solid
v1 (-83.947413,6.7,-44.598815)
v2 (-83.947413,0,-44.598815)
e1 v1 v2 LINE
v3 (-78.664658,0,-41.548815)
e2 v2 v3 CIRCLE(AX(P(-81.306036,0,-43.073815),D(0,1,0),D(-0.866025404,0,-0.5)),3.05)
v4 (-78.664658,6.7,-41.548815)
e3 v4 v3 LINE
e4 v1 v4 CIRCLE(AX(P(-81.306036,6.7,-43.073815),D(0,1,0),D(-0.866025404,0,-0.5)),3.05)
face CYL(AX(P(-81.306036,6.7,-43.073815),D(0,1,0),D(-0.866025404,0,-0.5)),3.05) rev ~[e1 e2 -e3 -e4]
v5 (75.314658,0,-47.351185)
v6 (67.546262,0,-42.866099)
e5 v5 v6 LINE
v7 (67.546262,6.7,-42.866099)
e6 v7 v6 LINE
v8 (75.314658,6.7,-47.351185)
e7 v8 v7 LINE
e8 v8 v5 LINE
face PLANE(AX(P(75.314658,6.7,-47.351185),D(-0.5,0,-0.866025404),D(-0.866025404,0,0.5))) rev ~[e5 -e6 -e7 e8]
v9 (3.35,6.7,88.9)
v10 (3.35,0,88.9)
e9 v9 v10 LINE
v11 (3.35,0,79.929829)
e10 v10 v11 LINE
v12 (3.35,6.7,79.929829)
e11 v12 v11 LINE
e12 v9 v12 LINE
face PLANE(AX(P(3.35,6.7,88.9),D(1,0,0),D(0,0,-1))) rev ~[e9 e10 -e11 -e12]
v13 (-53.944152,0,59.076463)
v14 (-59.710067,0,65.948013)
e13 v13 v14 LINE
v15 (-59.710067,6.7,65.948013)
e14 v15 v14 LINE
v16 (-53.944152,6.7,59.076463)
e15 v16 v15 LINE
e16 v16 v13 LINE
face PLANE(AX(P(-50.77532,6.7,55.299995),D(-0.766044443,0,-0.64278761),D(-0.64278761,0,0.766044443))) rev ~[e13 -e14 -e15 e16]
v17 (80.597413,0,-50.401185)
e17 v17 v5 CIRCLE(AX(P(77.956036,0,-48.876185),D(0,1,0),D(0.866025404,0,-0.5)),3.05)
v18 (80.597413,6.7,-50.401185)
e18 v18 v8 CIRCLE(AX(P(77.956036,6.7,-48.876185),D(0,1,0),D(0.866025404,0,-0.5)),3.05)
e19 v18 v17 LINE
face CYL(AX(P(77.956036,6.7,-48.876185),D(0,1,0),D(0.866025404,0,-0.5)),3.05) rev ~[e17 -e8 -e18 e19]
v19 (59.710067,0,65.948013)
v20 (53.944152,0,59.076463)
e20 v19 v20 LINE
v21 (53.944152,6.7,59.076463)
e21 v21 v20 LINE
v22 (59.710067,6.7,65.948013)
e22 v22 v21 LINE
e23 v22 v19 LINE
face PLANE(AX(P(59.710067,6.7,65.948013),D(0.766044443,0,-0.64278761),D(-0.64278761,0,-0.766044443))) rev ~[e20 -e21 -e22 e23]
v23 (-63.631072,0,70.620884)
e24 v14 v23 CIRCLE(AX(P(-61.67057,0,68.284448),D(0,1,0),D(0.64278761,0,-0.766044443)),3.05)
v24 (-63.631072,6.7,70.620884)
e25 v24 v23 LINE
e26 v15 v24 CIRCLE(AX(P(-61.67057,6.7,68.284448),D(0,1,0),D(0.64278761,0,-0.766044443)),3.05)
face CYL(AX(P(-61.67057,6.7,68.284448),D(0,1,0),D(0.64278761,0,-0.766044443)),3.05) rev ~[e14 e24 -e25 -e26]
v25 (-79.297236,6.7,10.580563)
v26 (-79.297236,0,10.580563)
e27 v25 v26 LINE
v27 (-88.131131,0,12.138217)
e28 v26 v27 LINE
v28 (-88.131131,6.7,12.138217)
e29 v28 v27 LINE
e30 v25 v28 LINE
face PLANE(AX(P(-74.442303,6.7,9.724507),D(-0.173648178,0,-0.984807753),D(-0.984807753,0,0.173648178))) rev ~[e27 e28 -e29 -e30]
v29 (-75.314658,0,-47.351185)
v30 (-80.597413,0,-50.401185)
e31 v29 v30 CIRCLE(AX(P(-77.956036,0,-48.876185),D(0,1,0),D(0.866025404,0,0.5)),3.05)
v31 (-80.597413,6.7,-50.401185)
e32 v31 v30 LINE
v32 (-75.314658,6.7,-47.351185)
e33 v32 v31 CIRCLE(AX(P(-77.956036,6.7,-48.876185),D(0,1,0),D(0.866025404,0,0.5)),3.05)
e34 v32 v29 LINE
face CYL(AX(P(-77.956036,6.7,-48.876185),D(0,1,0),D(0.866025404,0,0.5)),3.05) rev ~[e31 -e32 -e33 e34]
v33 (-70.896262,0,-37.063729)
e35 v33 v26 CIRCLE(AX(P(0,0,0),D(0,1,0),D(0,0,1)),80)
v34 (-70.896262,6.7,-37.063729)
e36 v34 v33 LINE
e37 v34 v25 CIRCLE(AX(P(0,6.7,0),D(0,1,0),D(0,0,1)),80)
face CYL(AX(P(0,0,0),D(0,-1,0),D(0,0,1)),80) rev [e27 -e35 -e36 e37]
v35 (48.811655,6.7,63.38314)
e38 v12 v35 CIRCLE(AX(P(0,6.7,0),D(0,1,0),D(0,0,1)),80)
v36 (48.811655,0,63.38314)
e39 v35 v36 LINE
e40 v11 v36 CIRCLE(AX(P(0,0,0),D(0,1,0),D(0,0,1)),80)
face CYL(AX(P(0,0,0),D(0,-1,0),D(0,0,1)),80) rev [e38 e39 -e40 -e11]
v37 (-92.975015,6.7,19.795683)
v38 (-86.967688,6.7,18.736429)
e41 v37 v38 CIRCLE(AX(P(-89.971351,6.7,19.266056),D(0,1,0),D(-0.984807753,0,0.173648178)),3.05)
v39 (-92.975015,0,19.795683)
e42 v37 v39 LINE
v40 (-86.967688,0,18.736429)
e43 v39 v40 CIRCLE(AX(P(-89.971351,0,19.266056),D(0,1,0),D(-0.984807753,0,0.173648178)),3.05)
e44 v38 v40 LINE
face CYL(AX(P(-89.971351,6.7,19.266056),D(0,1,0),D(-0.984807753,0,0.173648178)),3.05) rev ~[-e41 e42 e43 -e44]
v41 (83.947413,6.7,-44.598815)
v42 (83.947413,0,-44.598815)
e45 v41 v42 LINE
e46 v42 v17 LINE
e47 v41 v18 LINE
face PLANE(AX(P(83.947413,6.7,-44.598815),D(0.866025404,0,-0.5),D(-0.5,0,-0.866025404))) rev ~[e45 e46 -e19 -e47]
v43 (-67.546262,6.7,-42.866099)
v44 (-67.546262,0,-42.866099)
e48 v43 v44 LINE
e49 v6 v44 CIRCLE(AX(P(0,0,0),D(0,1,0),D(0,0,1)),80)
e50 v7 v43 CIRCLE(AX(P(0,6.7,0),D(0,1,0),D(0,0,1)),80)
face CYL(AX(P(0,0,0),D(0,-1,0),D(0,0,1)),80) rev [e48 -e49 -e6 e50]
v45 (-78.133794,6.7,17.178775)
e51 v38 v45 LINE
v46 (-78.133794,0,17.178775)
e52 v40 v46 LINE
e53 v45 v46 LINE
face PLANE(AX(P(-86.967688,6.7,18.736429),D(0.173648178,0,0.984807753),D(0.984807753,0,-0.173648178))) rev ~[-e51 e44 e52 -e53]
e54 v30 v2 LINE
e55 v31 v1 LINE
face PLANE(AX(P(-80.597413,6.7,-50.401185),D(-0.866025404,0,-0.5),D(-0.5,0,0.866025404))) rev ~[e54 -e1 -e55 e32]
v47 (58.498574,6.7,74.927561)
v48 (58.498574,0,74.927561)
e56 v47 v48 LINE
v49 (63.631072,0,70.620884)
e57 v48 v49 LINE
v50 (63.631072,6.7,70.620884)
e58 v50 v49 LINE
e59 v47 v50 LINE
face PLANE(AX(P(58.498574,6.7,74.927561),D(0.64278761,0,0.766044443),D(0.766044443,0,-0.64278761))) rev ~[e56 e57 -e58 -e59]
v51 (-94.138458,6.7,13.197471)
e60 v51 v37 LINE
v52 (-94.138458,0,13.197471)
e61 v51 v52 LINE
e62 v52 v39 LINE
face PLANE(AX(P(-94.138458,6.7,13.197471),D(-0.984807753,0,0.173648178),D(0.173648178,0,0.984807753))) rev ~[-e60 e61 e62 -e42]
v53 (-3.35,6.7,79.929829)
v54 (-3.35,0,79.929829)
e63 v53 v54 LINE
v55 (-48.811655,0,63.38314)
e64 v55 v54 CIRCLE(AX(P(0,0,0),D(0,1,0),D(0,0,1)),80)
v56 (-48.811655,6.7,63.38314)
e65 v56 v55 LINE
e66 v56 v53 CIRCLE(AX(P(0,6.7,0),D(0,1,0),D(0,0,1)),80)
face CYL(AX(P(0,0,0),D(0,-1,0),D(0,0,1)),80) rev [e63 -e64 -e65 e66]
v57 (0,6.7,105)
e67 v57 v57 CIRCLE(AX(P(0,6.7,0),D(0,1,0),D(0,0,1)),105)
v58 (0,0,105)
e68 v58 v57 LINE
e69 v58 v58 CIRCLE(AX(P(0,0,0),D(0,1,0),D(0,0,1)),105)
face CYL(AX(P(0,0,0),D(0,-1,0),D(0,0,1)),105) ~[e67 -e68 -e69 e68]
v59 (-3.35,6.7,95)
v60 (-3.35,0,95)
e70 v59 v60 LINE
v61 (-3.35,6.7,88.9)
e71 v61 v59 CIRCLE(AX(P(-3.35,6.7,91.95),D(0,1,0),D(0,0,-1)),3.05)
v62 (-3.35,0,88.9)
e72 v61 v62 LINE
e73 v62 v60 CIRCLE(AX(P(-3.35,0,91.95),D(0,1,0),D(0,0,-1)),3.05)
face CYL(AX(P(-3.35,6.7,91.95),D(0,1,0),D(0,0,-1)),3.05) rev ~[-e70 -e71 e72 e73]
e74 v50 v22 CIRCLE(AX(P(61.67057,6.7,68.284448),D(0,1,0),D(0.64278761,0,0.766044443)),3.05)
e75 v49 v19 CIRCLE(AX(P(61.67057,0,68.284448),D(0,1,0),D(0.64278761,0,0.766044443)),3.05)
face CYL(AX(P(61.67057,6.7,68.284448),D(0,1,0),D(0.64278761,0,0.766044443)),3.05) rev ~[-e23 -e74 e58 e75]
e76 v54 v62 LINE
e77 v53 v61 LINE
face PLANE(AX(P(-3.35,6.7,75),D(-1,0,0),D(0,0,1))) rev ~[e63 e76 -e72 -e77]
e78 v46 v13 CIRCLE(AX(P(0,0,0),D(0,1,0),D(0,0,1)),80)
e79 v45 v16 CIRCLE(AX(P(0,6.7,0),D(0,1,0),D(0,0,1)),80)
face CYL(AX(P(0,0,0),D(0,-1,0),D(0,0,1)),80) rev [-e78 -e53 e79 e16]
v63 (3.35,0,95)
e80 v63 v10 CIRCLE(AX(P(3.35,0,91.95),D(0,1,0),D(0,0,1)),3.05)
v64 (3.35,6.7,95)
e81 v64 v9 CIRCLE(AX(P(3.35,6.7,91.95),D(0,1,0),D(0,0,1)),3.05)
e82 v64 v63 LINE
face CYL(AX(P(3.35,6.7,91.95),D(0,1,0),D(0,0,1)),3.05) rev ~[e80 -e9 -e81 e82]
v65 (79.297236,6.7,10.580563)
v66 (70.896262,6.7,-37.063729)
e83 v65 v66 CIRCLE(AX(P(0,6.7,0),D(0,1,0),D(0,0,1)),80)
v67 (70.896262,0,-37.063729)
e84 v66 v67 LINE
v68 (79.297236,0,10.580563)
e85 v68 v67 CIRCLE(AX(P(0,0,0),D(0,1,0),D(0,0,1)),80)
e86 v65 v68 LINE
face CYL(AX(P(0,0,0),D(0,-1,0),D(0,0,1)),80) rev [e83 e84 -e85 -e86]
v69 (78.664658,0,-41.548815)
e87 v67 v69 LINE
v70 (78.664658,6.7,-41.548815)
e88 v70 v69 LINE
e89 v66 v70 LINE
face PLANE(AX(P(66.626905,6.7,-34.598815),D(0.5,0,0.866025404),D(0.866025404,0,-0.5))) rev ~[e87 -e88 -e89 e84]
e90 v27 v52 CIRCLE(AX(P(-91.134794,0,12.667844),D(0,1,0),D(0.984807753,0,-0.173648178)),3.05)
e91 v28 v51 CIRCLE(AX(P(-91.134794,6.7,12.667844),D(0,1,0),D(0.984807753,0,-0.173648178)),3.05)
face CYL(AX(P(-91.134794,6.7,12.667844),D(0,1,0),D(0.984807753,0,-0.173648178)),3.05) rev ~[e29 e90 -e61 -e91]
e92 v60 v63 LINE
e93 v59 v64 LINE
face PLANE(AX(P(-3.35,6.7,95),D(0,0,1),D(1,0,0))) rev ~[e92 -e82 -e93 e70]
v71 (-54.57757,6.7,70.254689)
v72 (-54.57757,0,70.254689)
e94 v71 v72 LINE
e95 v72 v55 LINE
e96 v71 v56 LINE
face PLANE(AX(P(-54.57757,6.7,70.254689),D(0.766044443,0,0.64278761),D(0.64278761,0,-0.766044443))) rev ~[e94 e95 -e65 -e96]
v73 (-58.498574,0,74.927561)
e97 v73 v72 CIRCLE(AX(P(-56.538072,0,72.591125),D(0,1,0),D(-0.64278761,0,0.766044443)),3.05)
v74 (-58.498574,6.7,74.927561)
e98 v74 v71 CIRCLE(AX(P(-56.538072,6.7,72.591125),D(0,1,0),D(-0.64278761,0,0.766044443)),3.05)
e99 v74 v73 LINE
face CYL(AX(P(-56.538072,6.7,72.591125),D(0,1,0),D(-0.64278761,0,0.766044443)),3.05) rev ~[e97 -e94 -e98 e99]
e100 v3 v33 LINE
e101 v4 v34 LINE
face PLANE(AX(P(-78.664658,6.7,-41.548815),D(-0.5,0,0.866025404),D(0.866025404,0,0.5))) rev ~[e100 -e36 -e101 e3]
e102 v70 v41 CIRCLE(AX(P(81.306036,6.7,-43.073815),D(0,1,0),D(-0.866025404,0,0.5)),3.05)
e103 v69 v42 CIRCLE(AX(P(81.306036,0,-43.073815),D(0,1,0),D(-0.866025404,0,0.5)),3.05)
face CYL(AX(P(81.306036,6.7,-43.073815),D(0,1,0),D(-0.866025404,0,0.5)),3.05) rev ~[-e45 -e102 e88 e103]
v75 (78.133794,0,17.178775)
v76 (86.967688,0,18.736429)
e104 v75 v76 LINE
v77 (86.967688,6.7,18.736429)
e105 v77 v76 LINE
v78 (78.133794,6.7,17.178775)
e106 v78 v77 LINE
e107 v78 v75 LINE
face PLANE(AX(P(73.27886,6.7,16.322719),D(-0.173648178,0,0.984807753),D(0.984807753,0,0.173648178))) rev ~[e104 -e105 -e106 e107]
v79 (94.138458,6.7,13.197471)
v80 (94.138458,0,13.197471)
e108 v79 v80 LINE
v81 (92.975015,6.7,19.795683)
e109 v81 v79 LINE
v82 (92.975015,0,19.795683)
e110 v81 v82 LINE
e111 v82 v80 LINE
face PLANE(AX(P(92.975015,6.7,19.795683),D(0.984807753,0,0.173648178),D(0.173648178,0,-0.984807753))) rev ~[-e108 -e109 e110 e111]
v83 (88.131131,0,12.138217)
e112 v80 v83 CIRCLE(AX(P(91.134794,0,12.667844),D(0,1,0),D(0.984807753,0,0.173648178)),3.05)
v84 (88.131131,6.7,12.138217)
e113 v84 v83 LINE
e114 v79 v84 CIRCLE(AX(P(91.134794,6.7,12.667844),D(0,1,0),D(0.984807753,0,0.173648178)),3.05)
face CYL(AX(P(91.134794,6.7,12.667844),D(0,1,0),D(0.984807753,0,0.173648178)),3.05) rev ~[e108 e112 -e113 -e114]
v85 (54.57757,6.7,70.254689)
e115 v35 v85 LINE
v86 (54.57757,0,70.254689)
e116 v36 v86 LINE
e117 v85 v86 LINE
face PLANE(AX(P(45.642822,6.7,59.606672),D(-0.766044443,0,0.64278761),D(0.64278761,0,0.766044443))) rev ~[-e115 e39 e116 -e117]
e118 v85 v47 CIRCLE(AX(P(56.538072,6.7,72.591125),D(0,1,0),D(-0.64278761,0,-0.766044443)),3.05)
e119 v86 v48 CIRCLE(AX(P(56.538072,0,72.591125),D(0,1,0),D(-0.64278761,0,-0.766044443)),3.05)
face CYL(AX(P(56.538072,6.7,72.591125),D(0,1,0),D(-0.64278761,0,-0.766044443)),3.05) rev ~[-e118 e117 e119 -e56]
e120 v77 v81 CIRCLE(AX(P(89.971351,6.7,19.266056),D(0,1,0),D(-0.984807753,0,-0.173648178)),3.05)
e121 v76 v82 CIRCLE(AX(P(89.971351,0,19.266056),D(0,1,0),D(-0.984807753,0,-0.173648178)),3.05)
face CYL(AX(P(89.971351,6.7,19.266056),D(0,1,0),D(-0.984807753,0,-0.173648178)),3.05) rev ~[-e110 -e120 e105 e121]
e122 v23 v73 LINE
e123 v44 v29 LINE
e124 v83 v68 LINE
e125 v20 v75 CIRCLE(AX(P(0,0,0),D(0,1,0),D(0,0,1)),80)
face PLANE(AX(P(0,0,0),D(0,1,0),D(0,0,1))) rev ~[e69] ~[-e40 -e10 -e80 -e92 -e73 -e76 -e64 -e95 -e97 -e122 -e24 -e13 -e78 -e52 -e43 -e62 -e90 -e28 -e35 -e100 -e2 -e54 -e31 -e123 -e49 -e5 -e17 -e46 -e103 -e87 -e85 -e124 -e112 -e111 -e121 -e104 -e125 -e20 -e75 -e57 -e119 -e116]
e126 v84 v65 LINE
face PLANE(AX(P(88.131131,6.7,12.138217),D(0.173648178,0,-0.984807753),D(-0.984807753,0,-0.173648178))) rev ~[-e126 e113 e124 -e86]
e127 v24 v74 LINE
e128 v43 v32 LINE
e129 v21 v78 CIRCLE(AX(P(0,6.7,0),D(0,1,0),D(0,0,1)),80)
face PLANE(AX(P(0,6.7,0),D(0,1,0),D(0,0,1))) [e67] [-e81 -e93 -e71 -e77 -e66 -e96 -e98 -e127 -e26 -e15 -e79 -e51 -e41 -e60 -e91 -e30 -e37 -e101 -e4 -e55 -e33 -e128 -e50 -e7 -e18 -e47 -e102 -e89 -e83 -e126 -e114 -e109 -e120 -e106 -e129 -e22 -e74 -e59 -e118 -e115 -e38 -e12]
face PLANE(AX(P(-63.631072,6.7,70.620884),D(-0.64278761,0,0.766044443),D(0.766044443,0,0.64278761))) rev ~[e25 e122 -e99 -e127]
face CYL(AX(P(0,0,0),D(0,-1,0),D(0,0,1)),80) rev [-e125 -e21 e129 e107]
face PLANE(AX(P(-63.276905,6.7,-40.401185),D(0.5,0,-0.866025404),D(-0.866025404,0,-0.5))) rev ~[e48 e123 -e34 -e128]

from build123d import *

# Parameters (mm, degrees)
SKETCH1_R           = 105
SKETCH1_R_2         = 80
BOSS_EXTRUDE1_DEPTH = 6.7
CUT_EXTRUDE3_DEPTH  = 6.7


with BuildPart() as part:
    # Sketch1 → Boss-Extrude1 (new body)
    with BuildSketch(Plane(origin=(0, 0, 0), x_dir=(1, 0, 0), z_dir=(0, 1, 0))):
        with Locations(Location((0, 0, 0), (0, 0, 270))):
            Circle(SKETCH1_R)
        with Locations(Location((0, 0, 0), (0, 0, 270))):
            Circle(SKETCH1_R_2, mode=Mode.SUBTRACT)
    extrude(amount=BOSS_EXTRUDE1_DEPTH)

    # Sketch2 → Cut-Extrude3 (cut)
    with BuildSketch(Plane(origin=(0, 6.7, 0), x_dir=(1, 0, 0), z_dir=(0, 1, 0))):
        with BuildLine():
            Line((88.131130638, -12.138217022), (74.442302871, -9.724507352))
            Line((74.442302871, -9.724507352), (73.278860081, -16.322719298))
            Line((73.278860081, -16.322719298), (86.967687848, -18.736428967))
            ThreePointArc((86.967687848, -18.736428967), (89.441724552, -22.269719556), (92.975015141, -19.795682851))
            Line((92.975015141, -19.795682851), (94.138457931, -13.197470906))
            ThreePointArc((94.138457931, -13.197470906), (91.664421227, -9.664180317), (88.131130638, -12.138217022))
        make_face()
        with BuildLine():
            Line((75.314658396, 47.351185103), (63.276905284, 40.401185103))
            Line((63.276905284, 40.401185103), (66.626905284, 34.598814897))
            Line((66.626905284, 34.598814897), (78.664658396, 41.548814897))
            ThreePointArc((78.664658396, 41.548814897), (82.831035878, 40.432437416), (83.94741336, 44.598814897))
            Line((83.94741336, 44.598814897), (80.59741336, 50.401185103))
            ThreePointArc((80.59741336, 50.401185103), (76.431035878, 51.517562584), (75.314658396, 47.351185103))
        make_face()
        with BuildLine():
            Line((59.710067386, -65.948012501), (50.775319611, -55.299994741))
            Line((50.775319611, -55.299994741), (45.642821842, -59.606671726))
            Line((45.642821842, -59.606671726), (54.577569617, -70.254689486))
            ThreePointArc((54.577569617, -70.254689486), (54.201636275, -74.551627247), (58.498574036, -74.927560589))
            Line((58.498574036, -74.927560589), (63.631071805, -70.620883604))
            ThreePointArc((63.631071805, -70.620883604), (64.007005147, -66.323945843), (59.710067386, -65.948012501))
        make_face()
        with BuildLine():
            Line((3.35, -88.9), (3.35, -75))
            Line((3.35, -75), (-3.35, -75))
            Line((-3.35, -75), (-3.35, -88.9))
            ThreePointArc((-3.35, -88.9), (-6.4, -91.95), (-3.35, -95))
            Line((-3.35, -95), (3.35, -95))
            ThreePointArc((3.35, -95), (6.4, -91.95), (3.35, -88.9))
        make_face()
        with BuildLine():
            Line((-54.577569617, -70.254689486), (-45.642821842, -59.606671726))
            Line((-45.642821842, -59.606671726), (-50.775319611, -55.299994741))
            Line((-50.775319611, -55.299994741), (-59.710067386, -65.948012501))
            ThreePointArc((-59.710067386, -65.948012501), (-64.007005147, -66.323945843), (-63.631071805, -70.620883604))
            Line((-63.631071805, -70.620883604), (-58.498574036, -74.927560589))
            ThreePointArc((-58.498574036, -74.927560589), (-54.201636275, -74.551627247), (-54.577569617, -70.254689486))
        make_face()
        with BuildLine():
            Line((-86.967687848, -18.736428967), (-73.278860081, -16.322719298))
            Line((-73.278860081, -16.322719298), (-74.442302871, -9.724507352))
            Line((-74.442302871, -9.724507352), (-88.131130638, -12.138217022))
            ThreePointArc((-88.131130638, -12.138217022), (-91.664421227, -9.664180317), (-94.138457931, -13.197470906))
            Line((-94.138457931, -13.197470906), (-92.975015141, -19.795682851))
            ThreePointArc((-92.975015141, -19.795682851), (-89.441724552, -22.269719556), (-86.967687848, -18.736428967))
        make_face()
        with BuildLine():
            Line((-78.664658396, 41.548814897), (-66.626905284, 34.598814897))
            Line((-66.626905284, 34.598814897), (-63.276905284, 40.401185103))
            Line((-63.276905284, 40.401185103), (-75.314658396, 47.351185103))
            ThreePointArc((-75.314658396, 47.351185103), (-76.431035878, 51.517562584), (-80.59741336, 50.401185103))
            Line((-80.59741336, 50.401185103), (-83.94741336, 44.598814897))
            ThreePointArc((-83.94741336, 44.598814897), (-82.831035878, 40.432437416), (-78.664658396, 41.548814897))
        make_face()
    extrude(amount=-CUT_EXTRUDE3_DEPTH, mode=Mode.SUBTRACT)


solid = part.part
